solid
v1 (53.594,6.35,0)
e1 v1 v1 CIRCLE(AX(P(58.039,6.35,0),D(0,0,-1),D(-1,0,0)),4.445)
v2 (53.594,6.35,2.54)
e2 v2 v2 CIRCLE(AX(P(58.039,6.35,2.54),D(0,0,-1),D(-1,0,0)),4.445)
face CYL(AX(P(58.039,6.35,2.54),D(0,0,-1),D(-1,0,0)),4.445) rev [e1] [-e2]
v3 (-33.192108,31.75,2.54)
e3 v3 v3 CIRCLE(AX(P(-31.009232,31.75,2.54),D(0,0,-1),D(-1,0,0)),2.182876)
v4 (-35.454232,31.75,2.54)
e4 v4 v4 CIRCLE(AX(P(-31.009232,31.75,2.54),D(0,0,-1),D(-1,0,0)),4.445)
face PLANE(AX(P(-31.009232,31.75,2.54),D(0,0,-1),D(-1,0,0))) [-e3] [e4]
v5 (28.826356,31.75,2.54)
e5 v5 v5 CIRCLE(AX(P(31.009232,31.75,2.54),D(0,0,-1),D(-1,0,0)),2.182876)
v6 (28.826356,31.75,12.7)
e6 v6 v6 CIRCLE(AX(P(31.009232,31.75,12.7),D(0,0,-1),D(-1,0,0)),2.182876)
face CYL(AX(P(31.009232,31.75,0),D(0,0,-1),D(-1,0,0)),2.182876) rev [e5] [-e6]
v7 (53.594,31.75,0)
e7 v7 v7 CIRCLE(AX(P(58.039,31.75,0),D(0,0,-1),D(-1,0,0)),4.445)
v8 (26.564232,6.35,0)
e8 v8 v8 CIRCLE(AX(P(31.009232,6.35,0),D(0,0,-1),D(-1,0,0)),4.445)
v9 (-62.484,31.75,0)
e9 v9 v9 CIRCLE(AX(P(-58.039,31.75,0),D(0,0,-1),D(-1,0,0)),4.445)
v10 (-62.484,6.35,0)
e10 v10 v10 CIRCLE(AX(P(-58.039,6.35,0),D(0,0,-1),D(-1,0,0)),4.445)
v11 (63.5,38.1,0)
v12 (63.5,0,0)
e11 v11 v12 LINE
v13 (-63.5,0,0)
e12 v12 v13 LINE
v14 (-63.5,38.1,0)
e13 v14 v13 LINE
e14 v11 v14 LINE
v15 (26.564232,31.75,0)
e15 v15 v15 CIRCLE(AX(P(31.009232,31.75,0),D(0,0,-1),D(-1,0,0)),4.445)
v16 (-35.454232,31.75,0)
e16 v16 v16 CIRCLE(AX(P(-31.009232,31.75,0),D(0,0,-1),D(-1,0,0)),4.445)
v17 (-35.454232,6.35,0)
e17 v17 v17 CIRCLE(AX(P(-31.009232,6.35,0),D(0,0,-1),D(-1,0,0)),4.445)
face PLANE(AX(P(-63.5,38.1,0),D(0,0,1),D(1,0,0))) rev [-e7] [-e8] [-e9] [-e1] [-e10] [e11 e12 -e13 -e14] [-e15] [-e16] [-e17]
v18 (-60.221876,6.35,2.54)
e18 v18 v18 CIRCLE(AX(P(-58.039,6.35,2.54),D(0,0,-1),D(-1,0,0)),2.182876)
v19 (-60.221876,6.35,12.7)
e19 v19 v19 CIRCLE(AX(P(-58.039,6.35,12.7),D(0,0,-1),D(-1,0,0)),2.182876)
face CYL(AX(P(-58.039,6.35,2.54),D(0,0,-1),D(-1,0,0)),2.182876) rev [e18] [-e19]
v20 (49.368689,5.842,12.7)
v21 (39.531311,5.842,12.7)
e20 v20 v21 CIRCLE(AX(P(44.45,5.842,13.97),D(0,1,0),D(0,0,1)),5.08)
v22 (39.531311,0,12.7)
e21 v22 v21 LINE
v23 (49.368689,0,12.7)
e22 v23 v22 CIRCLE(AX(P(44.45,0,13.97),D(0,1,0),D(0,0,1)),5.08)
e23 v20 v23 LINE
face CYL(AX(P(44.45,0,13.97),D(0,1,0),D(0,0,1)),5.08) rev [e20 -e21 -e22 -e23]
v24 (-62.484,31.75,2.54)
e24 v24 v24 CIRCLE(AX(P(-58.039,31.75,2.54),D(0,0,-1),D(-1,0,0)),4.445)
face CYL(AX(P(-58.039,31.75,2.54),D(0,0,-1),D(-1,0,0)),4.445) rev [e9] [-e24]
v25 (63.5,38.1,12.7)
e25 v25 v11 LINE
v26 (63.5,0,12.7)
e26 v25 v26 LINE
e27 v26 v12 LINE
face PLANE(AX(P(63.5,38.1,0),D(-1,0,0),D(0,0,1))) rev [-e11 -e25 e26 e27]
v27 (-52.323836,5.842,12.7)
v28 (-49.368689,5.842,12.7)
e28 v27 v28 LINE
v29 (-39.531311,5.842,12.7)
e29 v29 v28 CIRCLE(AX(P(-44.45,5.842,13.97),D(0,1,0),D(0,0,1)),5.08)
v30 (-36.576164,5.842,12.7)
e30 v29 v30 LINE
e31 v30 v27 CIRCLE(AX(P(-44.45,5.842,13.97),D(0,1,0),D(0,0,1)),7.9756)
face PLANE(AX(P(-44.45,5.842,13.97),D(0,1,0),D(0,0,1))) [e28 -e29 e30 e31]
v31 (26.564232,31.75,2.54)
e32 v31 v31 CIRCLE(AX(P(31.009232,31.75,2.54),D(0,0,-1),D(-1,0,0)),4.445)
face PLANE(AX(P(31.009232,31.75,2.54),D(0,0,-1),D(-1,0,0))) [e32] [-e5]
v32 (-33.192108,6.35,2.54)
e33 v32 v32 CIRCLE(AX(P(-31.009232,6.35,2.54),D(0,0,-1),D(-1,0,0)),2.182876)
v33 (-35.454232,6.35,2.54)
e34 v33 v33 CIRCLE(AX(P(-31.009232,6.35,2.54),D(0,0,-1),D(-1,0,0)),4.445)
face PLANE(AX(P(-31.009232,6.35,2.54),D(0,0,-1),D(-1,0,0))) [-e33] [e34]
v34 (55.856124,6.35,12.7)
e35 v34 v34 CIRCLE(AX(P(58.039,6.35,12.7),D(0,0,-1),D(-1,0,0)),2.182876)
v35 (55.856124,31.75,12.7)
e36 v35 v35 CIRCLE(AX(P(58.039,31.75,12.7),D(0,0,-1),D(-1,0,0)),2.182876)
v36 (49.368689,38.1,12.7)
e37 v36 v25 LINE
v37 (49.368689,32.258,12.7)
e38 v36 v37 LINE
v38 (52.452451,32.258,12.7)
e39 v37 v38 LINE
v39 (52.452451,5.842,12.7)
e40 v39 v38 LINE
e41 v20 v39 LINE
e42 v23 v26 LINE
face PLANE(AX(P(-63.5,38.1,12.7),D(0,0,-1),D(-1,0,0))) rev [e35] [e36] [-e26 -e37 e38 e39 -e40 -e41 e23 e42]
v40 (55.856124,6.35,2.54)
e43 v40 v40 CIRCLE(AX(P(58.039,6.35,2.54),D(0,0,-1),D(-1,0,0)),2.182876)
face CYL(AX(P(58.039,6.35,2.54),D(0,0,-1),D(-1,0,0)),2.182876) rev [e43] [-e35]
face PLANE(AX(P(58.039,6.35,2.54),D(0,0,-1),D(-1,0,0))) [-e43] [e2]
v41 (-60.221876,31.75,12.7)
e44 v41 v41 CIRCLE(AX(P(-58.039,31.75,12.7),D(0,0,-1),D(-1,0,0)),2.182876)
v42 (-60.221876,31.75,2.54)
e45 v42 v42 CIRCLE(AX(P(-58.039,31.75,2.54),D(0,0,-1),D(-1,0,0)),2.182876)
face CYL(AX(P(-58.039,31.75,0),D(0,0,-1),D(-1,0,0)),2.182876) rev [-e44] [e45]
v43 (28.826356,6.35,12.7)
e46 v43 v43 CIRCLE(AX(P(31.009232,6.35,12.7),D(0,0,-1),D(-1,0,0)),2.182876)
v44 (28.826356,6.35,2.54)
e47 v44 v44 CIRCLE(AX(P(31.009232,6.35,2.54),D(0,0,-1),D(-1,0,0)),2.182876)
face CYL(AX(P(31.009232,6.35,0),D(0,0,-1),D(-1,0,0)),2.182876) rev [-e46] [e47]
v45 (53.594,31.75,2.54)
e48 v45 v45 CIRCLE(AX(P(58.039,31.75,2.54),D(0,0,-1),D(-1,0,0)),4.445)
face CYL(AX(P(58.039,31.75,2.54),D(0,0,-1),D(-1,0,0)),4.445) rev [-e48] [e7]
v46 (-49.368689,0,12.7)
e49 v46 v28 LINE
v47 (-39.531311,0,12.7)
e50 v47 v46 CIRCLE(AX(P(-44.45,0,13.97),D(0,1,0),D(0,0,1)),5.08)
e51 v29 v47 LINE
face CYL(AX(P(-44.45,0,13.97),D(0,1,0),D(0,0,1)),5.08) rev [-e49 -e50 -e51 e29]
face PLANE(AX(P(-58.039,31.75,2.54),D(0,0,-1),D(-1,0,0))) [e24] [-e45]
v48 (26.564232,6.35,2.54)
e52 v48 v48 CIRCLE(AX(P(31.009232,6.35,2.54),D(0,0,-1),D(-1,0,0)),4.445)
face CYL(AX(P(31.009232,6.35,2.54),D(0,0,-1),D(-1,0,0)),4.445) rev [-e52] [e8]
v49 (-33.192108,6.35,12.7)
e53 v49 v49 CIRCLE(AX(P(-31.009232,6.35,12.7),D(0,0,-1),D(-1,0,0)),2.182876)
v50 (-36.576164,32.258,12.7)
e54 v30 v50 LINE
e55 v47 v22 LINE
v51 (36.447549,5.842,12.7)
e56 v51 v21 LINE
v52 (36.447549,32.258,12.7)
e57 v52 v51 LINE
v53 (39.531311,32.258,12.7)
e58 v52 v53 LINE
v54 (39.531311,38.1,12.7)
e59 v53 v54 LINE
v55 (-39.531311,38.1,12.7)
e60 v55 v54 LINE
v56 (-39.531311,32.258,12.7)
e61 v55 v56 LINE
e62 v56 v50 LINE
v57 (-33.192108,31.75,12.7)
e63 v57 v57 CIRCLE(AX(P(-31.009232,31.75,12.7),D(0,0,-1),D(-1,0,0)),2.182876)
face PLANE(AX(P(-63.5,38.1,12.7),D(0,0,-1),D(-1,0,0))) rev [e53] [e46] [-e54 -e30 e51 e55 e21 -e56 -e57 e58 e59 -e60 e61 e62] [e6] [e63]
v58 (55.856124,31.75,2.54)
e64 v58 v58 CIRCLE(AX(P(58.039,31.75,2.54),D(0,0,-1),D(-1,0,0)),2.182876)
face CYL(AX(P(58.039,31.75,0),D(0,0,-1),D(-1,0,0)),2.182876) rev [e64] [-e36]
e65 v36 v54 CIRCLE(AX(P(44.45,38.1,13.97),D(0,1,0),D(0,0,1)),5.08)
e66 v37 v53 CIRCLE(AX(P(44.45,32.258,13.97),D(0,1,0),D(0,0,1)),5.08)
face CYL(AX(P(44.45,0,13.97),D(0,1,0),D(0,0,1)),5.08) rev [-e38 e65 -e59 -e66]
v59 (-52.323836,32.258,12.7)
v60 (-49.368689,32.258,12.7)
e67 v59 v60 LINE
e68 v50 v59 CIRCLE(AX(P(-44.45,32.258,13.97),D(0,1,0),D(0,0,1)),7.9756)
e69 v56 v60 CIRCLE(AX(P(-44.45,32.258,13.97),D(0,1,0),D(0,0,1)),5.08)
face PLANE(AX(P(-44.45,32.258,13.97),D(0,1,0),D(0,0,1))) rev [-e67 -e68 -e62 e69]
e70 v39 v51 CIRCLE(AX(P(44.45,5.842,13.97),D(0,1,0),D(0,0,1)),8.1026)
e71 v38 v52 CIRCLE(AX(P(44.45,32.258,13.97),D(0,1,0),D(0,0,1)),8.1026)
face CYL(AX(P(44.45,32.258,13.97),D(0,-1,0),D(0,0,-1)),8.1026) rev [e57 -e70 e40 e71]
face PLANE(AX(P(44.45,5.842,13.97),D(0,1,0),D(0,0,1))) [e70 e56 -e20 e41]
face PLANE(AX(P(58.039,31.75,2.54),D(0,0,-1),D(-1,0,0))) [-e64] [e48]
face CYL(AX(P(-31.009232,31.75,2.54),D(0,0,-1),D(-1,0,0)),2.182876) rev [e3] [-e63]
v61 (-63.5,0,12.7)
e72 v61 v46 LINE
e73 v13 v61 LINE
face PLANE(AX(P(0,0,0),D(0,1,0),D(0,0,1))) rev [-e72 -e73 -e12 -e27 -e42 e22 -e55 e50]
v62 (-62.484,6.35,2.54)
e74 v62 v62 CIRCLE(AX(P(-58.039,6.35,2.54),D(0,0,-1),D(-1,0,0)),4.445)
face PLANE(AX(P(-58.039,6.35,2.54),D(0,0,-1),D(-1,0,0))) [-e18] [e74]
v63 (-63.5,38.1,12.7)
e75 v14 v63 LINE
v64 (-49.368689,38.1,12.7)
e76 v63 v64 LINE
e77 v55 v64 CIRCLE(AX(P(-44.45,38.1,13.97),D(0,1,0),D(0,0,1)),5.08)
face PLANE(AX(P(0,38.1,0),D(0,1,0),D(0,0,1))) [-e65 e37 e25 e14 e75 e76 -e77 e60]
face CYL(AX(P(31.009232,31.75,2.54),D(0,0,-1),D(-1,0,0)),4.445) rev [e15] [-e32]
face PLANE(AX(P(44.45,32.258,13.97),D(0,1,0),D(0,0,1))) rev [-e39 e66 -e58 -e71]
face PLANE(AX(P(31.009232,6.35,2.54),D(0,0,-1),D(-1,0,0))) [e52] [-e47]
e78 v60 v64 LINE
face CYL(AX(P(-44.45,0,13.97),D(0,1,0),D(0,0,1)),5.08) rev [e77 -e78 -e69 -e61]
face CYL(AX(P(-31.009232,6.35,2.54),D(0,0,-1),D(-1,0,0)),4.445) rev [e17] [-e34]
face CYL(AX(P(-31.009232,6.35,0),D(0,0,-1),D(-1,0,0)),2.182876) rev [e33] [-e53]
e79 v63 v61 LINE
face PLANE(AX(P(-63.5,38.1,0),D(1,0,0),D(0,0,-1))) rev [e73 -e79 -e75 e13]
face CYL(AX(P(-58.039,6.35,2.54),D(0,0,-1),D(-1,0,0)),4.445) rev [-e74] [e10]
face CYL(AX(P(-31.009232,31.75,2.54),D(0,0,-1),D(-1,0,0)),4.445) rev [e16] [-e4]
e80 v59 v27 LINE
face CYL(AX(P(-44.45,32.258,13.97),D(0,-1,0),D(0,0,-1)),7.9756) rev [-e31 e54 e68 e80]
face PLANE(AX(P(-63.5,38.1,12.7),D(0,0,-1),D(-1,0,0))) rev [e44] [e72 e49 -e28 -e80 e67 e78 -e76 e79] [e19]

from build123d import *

# Parameters (mm, degrees)
SKETCH1_W                                      = 127
SKETCH1_H                                      = 12.7
BOSS_EXTRUDE1_DEPTH                            = 38.1
SKETCH3_R                                      = 4.445
CUT_EXTRUDE3_DEPTH                             = 2.54
CUT_EXTRUDE4_DEPTH                             = 13.208
CUT_EXTRUDE4_DEPTH_BACK                        = 13.208
SKETCH2_R                                      = 7.9756
SKETCH2_R_2                                    = 8.1026
SKETCH6_R                                      = 5.08
CUT_EXTRUDE5_DEPTH                             = 38.1
F_11_64_0_17188_DIAMETER_HOLE1_D               = 4.365752
F_11_64_0_17188_DIAMETER_HOLE1_DEPTH           = 25.4
F_11_64_0_17188_DIAMETER_HOLE1_TIP             = 1.311604225
F_11_64_0_17188_DIAMETER_HOLE1_ON_FACE_2_D     = 4.365752
F_11_64_0_17188_DIAMETER_HOLE1_ON_FACE_2_DEPTH = 25.4
F_11_64_0_17188_DIAMETER_HOLE1_ON_FACE_2_TIP   = 1.311604225


with BuildPart() as part:
    # Sketch1 → Boss-Extrude1 (new body)
    with BuildSketch(Plane(origin=(0, 0, 0), x_dir=(1, 0, 0), z_dir=(0, 1, 0))):
        with Locations((0, -6.35)):
            Rectangle(SKETCH1_W, SKETCH1_H)
    extrude(amount=BOSS_EXTRUDE1_DEPTH)

    # Sketch3 → Cut-Extrude3 (cut)
    with BuildSketch(Plane(origin=(0, 0, 0), x_dir=(-1, 0, 0), z_dir=(0, 0, -1))):
        with Locations((-58.039, 31.75)):
            Circle(SKETCH3_R)
        with Locations((-58.039, 6.35)):
            Circle(SKETCH3_R)
        with Locations((-31.009232106, 31.75)):
            Circle(SKETCH3_R)
        with Locations((-31.009232106, 6.35)):
            Circle(SKETCH3_R)
        with Locations((31.009232106, 31.75)):
            Circle(SKETCH3_R)
        with Locations((31.009232106, 6.35)):
            Circle(SKETCH3_R)
        with Locations((58.039, 31.75)):
            Circle(SKETCH3_R)
        with Locations((58.039, 6.35)):
            Circle(SKETCH3_R)
    extrude(amount=-CUT_EXTRUDE3_DEPTH, mode=Mode.SUBTRACT)

    # Sketch2 → Cut-Extrude4 (cut, two sides: drawn at the far end of the back side and taken through both)
    with BuildSketch(Plane(origin=(0, 19.05, 0), x_dir=(1, 0, 0), z_dir=(0, 1, 0)).offset(-CUT_EXTRUDE4_DEPTH_BACK)):
        with Locations((-44.45, -13.97)):
            Circle(SKETCH2_R)
        with Locations((44.45, -13.97)):
            Circle(SKETCH2_R_2)
    extrude(amount=CUT_EXTRUDE4_DEPTH + CUT_EXTRUDE4_DEPTH_BACK, mode=Mode.SUBTRACT)

    # Sketch6 → Cut-Extrude5 (cut)
    with BuildSketch(Plane(origin=(0, 38.1, 0), x_dir=(1, 0, 0), z_dir=(0, 1, 0))):
        with Locations((-44.45, -13.97)):
            Circle(SKETCH6_R)
        with Locations((44.45, -13.97)):
            Circle(SKETCH6_R)
    extrude(amount=-CUT_EXTRUDE5_DEPTH, mode=Mode.SUBTRACT)

    # 11/64 (0.17188) Diameter Hole1
    with Locations(Plane(origin=(58.039, 31.75, 0), x_dir=(-1, 0, 0), z_dir=(0, 0, -1))):
        with Locations((0, 0), (27.029767894, 0), (27.029767894, -25.4), (89.048232106, -25.4), (116.078, 0)):
            Hole(F_11_64_0_17188_DIAMETER_HOLE1_D / 2, depth=F_11_64_0_17188_DIAMETER_HOLE1_DEPTH)
            with Locations((0, 0, -(F_11_64_0_17188_DIAMETER_HOLE1_DEPTH + F_11_64_0_17188_DIAMETER_HOLE1_TIP / 2))):  # 118° drill point
                Cone(0, F_11_64_0_17188_DIAMETER_HOLE1_D / 2, F_11_64_0_17188_DIAMETER_HOLE1_TIP, mode=Mode.SUBTRACT)

    # 11/64 (0.17188) Diameter Hole1 on face 2
    with Locations(Plane(origin=(58.039, 6.35, 2.54), x_dir=(-1, 0, 0), z_dir=(0, 0, -1))):
        with Locations((0, 0), (89.048232106, 25.4), (116.078, 0)):
            Hole(F_11_64_0_17188_DIAMETER_HOLE1_ON_FACE_2_D / 2, depth=F_11_64_0_17188_DIAMETER_HOLE1_ON_FACE_2_DEPTH)
            with Locations((0, 0, -(F_11_64_0_17188_DIAMETER_HOLE1_ON_FACE_2_DEPTH + F_11_64_0_17188_DIAMETER_HOLE1_ON_FACE_2_TIP / 2))):  # 118° drill point
                Cone(0, F_11_64_0_17188_DIAMETER_HOLE1_ON_FACE_2_D / 2, F_11_64_0_17188_DIAMETER_HOLE1_ON_FACE_2_TIP, mode=Mode.SUBTRACT)


solid = part.part
